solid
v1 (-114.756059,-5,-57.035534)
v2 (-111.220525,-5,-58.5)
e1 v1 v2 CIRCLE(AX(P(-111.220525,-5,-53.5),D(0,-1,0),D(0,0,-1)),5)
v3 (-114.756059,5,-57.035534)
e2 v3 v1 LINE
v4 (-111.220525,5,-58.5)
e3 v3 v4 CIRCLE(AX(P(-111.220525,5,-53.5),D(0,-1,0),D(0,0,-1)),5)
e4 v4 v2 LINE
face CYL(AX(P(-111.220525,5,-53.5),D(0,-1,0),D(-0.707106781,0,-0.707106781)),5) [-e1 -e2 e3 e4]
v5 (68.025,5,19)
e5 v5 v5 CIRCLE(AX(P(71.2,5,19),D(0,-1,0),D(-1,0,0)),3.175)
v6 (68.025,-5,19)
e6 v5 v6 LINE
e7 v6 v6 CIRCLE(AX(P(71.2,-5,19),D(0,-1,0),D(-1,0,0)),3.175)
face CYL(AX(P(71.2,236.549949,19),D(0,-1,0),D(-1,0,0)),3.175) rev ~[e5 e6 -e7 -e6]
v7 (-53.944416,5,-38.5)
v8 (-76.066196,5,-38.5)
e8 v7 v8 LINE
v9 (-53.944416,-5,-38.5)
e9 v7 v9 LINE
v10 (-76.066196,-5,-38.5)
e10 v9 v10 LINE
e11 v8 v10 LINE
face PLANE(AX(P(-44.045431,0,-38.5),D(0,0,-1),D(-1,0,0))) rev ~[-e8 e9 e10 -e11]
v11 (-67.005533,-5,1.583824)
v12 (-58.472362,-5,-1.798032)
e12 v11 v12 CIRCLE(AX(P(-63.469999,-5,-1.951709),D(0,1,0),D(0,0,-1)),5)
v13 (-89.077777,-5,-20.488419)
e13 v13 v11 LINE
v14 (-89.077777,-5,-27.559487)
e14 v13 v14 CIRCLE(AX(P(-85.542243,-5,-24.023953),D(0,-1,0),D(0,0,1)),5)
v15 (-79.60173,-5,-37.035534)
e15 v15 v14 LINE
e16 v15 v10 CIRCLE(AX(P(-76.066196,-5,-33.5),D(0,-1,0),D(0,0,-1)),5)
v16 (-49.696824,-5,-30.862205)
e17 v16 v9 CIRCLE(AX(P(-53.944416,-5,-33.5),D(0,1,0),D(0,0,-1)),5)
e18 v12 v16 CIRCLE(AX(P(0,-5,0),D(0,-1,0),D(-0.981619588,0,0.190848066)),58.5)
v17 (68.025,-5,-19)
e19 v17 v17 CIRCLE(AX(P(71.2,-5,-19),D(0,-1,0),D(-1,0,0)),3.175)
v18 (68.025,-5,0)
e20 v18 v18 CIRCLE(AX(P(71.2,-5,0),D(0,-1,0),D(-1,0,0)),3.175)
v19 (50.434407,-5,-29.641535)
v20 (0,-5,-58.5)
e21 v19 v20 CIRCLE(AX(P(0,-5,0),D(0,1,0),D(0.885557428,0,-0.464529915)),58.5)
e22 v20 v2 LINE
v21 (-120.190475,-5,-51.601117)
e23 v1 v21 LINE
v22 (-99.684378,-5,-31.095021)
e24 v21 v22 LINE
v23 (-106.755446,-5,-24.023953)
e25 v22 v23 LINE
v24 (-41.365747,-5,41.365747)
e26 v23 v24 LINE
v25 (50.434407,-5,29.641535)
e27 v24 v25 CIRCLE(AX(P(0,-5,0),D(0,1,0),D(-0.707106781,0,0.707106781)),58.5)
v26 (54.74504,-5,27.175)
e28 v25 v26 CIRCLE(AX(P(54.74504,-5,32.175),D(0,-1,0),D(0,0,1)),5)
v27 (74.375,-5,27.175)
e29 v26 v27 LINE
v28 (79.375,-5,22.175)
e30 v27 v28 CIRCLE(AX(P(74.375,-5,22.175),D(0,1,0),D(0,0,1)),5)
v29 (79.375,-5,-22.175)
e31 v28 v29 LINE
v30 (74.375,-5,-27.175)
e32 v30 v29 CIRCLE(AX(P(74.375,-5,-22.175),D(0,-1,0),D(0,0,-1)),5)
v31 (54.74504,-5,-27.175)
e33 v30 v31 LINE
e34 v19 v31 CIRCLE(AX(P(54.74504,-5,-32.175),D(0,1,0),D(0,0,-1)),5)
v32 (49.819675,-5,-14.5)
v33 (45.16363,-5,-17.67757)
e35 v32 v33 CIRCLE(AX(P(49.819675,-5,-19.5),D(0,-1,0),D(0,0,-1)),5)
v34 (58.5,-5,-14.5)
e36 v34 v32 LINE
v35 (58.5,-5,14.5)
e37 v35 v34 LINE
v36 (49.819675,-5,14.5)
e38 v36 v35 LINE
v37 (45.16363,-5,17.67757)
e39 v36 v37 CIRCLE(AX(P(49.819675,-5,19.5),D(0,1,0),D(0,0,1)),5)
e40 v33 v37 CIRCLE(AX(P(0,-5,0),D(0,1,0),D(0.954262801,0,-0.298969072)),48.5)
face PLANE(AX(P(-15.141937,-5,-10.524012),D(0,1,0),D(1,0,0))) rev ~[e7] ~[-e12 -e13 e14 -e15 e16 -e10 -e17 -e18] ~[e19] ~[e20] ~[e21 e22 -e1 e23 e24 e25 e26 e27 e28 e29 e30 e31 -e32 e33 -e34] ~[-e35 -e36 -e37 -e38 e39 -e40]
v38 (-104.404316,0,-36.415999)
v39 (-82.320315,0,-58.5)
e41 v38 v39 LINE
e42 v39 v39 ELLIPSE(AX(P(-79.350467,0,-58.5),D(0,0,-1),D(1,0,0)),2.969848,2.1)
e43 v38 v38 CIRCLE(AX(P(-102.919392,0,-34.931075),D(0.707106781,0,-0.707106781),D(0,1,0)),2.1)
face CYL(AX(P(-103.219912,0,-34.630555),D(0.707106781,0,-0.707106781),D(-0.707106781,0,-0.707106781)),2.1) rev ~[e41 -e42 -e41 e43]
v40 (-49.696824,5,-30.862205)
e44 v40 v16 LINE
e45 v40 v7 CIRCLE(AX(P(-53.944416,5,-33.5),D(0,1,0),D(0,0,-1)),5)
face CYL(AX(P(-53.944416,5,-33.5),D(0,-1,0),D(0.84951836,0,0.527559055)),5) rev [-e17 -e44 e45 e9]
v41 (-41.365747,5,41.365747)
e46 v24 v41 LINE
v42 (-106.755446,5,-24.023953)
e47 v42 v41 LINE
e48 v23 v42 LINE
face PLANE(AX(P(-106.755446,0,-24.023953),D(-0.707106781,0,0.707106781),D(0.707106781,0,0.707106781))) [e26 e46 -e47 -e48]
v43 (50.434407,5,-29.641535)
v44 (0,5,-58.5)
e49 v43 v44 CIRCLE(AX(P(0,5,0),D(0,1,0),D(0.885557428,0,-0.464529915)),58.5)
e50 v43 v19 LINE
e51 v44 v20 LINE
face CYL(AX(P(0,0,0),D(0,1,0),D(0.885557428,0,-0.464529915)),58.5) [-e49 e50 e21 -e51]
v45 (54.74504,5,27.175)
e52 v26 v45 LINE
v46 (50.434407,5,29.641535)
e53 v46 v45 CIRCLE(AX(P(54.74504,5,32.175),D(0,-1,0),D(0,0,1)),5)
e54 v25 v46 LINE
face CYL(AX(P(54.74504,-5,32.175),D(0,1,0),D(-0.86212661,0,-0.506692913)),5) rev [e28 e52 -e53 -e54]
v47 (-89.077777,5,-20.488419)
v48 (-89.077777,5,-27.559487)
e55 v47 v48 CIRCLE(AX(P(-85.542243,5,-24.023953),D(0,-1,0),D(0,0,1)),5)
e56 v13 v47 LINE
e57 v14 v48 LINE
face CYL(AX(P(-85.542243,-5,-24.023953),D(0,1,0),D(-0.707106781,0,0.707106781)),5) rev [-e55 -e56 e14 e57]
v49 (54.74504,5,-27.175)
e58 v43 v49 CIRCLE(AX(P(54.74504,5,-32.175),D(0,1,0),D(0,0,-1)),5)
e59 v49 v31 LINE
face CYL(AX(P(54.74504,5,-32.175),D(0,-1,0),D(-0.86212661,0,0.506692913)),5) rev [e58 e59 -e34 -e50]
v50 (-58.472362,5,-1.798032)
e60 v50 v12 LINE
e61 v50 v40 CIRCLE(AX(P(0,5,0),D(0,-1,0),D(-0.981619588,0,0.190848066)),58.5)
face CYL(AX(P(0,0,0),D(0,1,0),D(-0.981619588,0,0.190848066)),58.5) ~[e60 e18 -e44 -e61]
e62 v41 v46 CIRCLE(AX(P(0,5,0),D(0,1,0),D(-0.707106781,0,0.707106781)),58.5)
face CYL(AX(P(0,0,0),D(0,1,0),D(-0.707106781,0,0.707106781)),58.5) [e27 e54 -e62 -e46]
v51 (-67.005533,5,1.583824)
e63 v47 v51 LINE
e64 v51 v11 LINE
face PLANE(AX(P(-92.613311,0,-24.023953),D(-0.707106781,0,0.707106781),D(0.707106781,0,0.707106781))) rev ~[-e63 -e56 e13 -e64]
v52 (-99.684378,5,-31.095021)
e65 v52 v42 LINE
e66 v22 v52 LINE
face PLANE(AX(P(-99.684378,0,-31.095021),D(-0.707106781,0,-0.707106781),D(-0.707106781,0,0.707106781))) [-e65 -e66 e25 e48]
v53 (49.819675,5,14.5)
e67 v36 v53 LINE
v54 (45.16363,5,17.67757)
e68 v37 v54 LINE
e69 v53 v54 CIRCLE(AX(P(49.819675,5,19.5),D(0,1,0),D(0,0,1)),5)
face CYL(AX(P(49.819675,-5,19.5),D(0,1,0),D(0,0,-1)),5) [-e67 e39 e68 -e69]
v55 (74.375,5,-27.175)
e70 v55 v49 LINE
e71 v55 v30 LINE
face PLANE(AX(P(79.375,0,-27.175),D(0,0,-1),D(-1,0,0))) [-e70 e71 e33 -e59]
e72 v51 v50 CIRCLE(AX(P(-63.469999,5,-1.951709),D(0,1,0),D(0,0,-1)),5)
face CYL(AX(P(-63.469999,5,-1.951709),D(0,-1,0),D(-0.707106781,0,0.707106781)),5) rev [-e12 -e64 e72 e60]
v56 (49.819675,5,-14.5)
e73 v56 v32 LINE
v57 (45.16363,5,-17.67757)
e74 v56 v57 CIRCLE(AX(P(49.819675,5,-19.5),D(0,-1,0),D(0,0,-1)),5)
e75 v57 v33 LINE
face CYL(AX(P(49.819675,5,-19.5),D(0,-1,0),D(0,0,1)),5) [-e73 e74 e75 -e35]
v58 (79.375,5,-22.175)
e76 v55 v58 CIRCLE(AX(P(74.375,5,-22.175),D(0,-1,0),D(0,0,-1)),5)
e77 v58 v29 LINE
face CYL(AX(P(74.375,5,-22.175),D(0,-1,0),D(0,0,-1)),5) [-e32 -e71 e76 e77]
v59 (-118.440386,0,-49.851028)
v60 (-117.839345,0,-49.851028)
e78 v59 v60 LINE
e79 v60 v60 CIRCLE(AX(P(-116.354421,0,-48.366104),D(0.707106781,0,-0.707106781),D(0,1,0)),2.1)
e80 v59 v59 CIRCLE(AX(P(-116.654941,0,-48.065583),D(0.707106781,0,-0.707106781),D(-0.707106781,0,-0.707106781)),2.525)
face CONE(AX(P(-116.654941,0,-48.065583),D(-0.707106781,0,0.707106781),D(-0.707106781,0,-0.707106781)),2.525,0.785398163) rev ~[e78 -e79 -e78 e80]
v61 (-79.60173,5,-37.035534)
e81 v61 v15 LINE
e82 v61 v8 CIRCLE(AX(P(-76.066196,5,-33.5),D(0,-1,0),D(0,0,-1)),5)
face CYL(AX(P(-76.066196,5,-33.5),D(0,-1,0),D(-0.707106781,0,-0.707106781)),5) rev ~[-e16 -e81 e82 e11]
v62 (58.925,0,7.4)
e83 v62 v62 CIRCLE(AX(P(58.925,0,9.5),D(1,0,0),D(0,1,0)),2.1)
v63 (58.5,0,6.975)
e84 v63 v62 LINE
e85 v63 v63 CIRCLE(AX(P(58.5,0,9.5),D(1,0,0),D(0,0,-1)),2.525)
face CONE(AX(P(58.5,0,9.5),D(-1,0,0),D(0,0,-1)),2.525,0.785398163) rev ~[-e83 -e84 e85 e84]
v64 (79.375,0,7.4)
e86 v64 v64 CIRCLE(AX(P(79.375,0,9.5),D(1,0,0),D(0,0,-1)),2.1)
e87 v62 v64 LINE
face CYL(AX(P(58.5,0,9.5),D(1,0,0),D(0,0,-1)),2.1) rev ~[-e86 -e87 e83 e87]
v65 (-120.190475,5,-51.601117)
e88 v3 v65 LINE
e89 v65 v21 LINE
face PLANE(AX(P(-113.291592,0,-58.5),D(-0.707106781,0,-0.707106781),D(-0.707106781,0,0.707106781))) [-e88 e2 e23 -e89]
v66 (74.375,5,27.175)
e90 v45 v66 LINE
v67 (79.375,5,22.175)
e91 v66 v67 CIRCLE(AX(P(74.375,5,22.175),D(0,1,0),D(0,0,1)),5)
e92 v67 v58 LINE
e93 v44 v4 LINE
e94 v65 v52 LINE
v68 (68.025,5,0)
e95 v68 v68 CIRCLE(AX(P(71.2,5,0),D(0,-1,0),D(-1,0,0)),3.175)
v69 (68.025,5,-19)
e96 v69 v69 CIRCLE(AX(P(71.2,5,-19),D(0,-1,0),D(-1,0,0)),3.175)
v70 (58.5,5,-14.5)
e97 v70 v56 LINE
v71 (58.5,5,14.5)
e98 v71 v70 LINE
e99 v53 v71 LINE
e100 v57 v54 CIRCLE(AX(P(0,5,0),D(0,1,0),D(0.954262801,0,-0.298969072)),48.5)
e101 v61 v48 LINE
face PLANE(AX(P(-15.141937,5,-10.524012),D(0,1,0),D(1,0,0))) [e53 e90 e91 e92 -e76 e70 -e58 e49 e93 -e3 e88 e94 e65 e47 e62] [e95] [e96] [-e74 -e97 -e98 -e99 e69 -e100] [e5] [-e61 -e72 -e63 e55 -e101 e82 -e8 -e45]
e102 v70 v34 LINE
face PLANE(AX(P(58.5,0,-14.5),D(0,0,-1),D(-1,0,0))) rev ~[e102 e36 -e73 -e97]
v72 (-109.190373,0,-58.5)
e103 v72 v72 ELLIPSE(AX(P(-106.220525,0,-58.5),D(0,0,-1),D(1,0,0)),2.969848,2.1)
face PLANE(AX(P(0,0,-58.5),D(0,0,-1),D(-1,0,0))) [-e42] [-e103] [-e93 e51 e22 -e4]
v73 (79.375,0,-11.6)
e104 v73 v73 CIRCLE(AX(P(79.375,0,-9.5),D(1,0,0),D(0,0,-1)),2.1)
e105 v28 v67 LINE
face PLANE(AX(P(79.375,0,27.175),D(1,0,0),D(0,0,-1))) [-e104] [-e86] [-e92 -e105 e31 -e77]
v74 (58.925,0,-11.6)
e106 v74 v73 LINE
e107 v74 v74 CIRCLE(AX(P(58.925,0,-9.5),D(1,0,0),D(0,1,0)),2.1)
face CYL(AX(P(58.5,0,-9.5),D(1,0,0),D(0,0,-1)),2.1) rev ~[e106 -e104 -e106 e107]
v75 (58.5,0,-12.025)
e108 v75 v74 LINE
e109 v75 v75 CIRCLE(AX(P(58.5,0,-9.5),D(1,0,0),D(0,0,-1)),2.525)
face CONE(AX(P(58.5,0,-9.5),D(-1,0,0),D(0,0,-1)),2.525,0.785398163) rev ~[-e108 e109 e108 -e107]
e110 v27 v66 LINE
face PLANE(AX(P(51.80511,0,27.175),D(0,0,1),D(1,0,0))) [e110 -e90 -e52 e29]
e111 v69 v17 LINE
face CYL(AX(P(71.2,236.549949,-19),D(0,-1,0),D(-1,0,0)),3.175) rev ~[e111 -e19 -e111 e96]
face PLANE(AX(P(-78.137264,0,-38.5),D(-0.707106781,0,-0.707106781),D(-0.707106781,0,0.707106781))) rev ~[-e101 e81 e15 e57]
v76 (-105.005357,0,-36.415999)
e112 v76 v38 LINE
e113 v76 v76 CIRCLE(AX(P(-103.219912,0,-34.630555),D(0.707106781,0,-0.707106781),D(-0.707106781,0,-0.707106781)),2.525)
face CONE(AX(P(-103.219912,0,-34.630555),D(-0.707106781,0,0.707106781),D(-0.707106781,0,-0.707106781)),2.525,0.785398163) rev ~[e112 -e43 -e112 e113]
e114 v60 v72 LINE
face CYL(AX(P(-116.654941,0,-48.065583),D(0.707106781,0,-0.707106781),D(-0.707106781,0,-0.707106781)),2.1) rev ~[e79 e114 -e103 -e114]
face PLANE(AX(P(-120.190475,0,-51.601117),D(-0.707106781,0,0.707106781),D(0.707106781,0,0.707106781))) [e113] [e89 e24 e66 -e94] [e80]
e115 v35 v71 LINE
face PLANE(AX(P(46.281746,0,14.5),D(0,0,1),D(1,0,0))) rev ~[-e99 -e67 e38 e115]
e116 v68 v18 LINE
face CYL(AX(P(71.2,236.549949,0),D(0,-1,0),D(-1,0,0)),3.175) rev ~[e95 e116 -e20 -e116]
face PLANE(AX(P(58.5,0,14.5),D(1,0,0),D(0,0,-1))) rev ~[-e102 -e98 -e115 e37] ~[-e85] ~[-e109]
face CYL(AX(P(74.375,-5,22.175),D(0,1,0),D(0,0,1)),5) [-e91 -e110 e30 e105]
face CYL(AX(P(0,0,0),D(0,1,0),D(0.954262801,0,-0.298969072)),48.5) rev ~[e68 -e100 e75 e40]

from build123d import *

# Parameters (mm, degrees)
BOSS_EXTRUDE1_DEPTH             = 5
M5X0_8_TAPPED_HOLE1_D           = 4.2
M5X0_8_TAPPED_HOLE1_DEPTH       = 40
M5X0_8_TAPPED_HOLE1_CSINK_D     = 5.05
M5X0_8_TAPPED_HOLE1_CSINK_ANGLE = 90
M5X0_8_TAPPED_HOLE1_TIP         = 1.2618073
M5X0_8_TAPPED_HOLE2_D           = 4.2
M5X0_8_TAPPED_HOLE2_DEPTH       = 20.875
M5X0_8_TAPPED_HOLE2_CSINK_D     = 5.05
M5X0_8_TAPPED_HOLE2_CSINK_ANGLE = 90
F_1_4_0_25_DIAMETER_HOLE1_D     = 6.35
FILLET1_R                       = 5


with BuildPart() as part:
    # Sketch1 → Boss-Extrude1 (new body, symmetric)
    with BuildSketch(Plane(origin=(0, 0, 0), x_dir=(1, 0, 0), z_dir=(0, 1, 0))):
        with BuildLine():
            Line((-120.190475132, 51.601117357), (-99.684378478, 31.095020703))
            Line((-99.684378478, 31.095020703), (-106.75544629, 24.023952891))
            Line((-106.75544629, 24.023952891), (-41.365746699, -41.365746699))
            ThreePointArc((-41.365746699, -41.365746699), (8.808484383, -57.833040754), (51.805109545, -27.175))
            Line((51.805109545, -27.175), (79.375, -27.175))
            Line((79.375, -27.175), (79.375, 27.175))
            Line((79.375, 27.175), (51.805109545, 27.175))
            ThreePointArc((51.805109545, 27.175), (30.269724974, 50.059901618), (0, 58.5))
            Line((0, 58.5), (-113.291592489, 58.5))
            Line((-113.291592489, 58.5), (-120.190475132, 51.601117357))
        make_face()
        with BuildLine():
            Line((58.5, -14.5), (58.5, 14.5))
            Line((58.5, 14.5), (46.281745862, 14.5))
            ThreePointArc((46.281745862, 14.5), (-48.5, 0), (46.281745862, -14.5))
            Line((46.281745862, -14.5), (58.5, -14.5))
        make_face(mode=Mode.SUBTRACT)
        with BuildLine():
            Line((-92.613310666, 24.023952891), (-57.4247459, -11.164611875))
            ThreePointArc((-57.4247459, -11.164611875), (-56.48621622, 15.217009469), (-44.045431091, 38.5))
            Line((-44.045431091, 38.5), (-78.137263557, 38.5))
            Line((-78.137263557, 38.5), (-92.613310666, 24.023952891))
        make_face(mode=Mode.SUBTRACT)
    extrude(amount=BOSS_EXTRUDE1_DEPTH, both=True)

    # M5x0.8 Tapped Hole1
    with Locations(Plane(origin=(-34.294678888, 0, 34.294678888), x_dir=(0.707106781, 0, 0.707106781), z_dir=(-0.707106781, 0, 0.707106781))):
        with Locations((-116.475, 0), (-97.475, 0)):
            CounterSinkHole(M5X0_8_TAPPED_HOLE1_D / 2, M5X0_8_TAPPED_HOLE1_CSINK_D / 2, depth=M5X0_8_TAPPED_HOLE1_DEPTH, counter_sink_angle=M5X0_8_TAPPED_HOLE1_CSINK_ANGLE)
            with Locations((0, 0, -(M5X0_8_TAPPED_HOLE1_DEPTH + M5X0_8_TAPPED_HOLE1_TIP / 2))):  # 118° drill point
                Cone(0, M5X0_8_TAPPED_HOLE1_D / 2, M5X0_8_TAPPED_HOLE1_TIP, mode=Mode.SUBTRACT)

    # M5x0.8 Tapped Hole2
    with Locations(Plane.ZY.offset(-58.5)):
        with Locations((-9.5, 0), (9.5, 0)):
            CounterSinkHole(M5X0_8_TAPPED_HOLE2_D / 2, M5X0_8_TAPPED_HOLE2_CSINK_D / 2, depth=M5X0_8_TAPPED_HOLE2_DEPTH, counter_sink_angle=M5X0_8_TAPPED_HOLE2_CSINK_ANGLE)

    # 1/4 (0.25) Diameter Hole1 (through all)
    with Locations(Plane(origin=(0, 5, 0), x_dir=(1, 0, 0), z_dir=(0, 1, 0))):
        with Locations((71.2, 19), (71.2, 0), (71.2, -19)):
            Hole(F_1_4_0_25_DIAMETER_HOLE1_D / 2)

    # Fillet1
    fillet1_edges = [part.edges().sort_by_distance(p)[0] for p in [
        (-113.291592489, 0, -58.5),
        (51.805109545, 0, -27.175),
        (79.375, 0, -27.175),
        (79.375, 0, 27.175),
        (51.805109545, 0, 27.175),
        (46.281745862, 0, 14.5),
        (46.281745862, 0, -14.5),
        (-92.613310666, 0, -24.023952891),
        (-78.137263557, 0, -38.5),
        (-44.045431091, 0, -38.5),
        (-57.4247459, 0, 11.164611875),
    ]]
    fillet(fillet1_edges, radius=FILLET1_R)


solid = part.part
